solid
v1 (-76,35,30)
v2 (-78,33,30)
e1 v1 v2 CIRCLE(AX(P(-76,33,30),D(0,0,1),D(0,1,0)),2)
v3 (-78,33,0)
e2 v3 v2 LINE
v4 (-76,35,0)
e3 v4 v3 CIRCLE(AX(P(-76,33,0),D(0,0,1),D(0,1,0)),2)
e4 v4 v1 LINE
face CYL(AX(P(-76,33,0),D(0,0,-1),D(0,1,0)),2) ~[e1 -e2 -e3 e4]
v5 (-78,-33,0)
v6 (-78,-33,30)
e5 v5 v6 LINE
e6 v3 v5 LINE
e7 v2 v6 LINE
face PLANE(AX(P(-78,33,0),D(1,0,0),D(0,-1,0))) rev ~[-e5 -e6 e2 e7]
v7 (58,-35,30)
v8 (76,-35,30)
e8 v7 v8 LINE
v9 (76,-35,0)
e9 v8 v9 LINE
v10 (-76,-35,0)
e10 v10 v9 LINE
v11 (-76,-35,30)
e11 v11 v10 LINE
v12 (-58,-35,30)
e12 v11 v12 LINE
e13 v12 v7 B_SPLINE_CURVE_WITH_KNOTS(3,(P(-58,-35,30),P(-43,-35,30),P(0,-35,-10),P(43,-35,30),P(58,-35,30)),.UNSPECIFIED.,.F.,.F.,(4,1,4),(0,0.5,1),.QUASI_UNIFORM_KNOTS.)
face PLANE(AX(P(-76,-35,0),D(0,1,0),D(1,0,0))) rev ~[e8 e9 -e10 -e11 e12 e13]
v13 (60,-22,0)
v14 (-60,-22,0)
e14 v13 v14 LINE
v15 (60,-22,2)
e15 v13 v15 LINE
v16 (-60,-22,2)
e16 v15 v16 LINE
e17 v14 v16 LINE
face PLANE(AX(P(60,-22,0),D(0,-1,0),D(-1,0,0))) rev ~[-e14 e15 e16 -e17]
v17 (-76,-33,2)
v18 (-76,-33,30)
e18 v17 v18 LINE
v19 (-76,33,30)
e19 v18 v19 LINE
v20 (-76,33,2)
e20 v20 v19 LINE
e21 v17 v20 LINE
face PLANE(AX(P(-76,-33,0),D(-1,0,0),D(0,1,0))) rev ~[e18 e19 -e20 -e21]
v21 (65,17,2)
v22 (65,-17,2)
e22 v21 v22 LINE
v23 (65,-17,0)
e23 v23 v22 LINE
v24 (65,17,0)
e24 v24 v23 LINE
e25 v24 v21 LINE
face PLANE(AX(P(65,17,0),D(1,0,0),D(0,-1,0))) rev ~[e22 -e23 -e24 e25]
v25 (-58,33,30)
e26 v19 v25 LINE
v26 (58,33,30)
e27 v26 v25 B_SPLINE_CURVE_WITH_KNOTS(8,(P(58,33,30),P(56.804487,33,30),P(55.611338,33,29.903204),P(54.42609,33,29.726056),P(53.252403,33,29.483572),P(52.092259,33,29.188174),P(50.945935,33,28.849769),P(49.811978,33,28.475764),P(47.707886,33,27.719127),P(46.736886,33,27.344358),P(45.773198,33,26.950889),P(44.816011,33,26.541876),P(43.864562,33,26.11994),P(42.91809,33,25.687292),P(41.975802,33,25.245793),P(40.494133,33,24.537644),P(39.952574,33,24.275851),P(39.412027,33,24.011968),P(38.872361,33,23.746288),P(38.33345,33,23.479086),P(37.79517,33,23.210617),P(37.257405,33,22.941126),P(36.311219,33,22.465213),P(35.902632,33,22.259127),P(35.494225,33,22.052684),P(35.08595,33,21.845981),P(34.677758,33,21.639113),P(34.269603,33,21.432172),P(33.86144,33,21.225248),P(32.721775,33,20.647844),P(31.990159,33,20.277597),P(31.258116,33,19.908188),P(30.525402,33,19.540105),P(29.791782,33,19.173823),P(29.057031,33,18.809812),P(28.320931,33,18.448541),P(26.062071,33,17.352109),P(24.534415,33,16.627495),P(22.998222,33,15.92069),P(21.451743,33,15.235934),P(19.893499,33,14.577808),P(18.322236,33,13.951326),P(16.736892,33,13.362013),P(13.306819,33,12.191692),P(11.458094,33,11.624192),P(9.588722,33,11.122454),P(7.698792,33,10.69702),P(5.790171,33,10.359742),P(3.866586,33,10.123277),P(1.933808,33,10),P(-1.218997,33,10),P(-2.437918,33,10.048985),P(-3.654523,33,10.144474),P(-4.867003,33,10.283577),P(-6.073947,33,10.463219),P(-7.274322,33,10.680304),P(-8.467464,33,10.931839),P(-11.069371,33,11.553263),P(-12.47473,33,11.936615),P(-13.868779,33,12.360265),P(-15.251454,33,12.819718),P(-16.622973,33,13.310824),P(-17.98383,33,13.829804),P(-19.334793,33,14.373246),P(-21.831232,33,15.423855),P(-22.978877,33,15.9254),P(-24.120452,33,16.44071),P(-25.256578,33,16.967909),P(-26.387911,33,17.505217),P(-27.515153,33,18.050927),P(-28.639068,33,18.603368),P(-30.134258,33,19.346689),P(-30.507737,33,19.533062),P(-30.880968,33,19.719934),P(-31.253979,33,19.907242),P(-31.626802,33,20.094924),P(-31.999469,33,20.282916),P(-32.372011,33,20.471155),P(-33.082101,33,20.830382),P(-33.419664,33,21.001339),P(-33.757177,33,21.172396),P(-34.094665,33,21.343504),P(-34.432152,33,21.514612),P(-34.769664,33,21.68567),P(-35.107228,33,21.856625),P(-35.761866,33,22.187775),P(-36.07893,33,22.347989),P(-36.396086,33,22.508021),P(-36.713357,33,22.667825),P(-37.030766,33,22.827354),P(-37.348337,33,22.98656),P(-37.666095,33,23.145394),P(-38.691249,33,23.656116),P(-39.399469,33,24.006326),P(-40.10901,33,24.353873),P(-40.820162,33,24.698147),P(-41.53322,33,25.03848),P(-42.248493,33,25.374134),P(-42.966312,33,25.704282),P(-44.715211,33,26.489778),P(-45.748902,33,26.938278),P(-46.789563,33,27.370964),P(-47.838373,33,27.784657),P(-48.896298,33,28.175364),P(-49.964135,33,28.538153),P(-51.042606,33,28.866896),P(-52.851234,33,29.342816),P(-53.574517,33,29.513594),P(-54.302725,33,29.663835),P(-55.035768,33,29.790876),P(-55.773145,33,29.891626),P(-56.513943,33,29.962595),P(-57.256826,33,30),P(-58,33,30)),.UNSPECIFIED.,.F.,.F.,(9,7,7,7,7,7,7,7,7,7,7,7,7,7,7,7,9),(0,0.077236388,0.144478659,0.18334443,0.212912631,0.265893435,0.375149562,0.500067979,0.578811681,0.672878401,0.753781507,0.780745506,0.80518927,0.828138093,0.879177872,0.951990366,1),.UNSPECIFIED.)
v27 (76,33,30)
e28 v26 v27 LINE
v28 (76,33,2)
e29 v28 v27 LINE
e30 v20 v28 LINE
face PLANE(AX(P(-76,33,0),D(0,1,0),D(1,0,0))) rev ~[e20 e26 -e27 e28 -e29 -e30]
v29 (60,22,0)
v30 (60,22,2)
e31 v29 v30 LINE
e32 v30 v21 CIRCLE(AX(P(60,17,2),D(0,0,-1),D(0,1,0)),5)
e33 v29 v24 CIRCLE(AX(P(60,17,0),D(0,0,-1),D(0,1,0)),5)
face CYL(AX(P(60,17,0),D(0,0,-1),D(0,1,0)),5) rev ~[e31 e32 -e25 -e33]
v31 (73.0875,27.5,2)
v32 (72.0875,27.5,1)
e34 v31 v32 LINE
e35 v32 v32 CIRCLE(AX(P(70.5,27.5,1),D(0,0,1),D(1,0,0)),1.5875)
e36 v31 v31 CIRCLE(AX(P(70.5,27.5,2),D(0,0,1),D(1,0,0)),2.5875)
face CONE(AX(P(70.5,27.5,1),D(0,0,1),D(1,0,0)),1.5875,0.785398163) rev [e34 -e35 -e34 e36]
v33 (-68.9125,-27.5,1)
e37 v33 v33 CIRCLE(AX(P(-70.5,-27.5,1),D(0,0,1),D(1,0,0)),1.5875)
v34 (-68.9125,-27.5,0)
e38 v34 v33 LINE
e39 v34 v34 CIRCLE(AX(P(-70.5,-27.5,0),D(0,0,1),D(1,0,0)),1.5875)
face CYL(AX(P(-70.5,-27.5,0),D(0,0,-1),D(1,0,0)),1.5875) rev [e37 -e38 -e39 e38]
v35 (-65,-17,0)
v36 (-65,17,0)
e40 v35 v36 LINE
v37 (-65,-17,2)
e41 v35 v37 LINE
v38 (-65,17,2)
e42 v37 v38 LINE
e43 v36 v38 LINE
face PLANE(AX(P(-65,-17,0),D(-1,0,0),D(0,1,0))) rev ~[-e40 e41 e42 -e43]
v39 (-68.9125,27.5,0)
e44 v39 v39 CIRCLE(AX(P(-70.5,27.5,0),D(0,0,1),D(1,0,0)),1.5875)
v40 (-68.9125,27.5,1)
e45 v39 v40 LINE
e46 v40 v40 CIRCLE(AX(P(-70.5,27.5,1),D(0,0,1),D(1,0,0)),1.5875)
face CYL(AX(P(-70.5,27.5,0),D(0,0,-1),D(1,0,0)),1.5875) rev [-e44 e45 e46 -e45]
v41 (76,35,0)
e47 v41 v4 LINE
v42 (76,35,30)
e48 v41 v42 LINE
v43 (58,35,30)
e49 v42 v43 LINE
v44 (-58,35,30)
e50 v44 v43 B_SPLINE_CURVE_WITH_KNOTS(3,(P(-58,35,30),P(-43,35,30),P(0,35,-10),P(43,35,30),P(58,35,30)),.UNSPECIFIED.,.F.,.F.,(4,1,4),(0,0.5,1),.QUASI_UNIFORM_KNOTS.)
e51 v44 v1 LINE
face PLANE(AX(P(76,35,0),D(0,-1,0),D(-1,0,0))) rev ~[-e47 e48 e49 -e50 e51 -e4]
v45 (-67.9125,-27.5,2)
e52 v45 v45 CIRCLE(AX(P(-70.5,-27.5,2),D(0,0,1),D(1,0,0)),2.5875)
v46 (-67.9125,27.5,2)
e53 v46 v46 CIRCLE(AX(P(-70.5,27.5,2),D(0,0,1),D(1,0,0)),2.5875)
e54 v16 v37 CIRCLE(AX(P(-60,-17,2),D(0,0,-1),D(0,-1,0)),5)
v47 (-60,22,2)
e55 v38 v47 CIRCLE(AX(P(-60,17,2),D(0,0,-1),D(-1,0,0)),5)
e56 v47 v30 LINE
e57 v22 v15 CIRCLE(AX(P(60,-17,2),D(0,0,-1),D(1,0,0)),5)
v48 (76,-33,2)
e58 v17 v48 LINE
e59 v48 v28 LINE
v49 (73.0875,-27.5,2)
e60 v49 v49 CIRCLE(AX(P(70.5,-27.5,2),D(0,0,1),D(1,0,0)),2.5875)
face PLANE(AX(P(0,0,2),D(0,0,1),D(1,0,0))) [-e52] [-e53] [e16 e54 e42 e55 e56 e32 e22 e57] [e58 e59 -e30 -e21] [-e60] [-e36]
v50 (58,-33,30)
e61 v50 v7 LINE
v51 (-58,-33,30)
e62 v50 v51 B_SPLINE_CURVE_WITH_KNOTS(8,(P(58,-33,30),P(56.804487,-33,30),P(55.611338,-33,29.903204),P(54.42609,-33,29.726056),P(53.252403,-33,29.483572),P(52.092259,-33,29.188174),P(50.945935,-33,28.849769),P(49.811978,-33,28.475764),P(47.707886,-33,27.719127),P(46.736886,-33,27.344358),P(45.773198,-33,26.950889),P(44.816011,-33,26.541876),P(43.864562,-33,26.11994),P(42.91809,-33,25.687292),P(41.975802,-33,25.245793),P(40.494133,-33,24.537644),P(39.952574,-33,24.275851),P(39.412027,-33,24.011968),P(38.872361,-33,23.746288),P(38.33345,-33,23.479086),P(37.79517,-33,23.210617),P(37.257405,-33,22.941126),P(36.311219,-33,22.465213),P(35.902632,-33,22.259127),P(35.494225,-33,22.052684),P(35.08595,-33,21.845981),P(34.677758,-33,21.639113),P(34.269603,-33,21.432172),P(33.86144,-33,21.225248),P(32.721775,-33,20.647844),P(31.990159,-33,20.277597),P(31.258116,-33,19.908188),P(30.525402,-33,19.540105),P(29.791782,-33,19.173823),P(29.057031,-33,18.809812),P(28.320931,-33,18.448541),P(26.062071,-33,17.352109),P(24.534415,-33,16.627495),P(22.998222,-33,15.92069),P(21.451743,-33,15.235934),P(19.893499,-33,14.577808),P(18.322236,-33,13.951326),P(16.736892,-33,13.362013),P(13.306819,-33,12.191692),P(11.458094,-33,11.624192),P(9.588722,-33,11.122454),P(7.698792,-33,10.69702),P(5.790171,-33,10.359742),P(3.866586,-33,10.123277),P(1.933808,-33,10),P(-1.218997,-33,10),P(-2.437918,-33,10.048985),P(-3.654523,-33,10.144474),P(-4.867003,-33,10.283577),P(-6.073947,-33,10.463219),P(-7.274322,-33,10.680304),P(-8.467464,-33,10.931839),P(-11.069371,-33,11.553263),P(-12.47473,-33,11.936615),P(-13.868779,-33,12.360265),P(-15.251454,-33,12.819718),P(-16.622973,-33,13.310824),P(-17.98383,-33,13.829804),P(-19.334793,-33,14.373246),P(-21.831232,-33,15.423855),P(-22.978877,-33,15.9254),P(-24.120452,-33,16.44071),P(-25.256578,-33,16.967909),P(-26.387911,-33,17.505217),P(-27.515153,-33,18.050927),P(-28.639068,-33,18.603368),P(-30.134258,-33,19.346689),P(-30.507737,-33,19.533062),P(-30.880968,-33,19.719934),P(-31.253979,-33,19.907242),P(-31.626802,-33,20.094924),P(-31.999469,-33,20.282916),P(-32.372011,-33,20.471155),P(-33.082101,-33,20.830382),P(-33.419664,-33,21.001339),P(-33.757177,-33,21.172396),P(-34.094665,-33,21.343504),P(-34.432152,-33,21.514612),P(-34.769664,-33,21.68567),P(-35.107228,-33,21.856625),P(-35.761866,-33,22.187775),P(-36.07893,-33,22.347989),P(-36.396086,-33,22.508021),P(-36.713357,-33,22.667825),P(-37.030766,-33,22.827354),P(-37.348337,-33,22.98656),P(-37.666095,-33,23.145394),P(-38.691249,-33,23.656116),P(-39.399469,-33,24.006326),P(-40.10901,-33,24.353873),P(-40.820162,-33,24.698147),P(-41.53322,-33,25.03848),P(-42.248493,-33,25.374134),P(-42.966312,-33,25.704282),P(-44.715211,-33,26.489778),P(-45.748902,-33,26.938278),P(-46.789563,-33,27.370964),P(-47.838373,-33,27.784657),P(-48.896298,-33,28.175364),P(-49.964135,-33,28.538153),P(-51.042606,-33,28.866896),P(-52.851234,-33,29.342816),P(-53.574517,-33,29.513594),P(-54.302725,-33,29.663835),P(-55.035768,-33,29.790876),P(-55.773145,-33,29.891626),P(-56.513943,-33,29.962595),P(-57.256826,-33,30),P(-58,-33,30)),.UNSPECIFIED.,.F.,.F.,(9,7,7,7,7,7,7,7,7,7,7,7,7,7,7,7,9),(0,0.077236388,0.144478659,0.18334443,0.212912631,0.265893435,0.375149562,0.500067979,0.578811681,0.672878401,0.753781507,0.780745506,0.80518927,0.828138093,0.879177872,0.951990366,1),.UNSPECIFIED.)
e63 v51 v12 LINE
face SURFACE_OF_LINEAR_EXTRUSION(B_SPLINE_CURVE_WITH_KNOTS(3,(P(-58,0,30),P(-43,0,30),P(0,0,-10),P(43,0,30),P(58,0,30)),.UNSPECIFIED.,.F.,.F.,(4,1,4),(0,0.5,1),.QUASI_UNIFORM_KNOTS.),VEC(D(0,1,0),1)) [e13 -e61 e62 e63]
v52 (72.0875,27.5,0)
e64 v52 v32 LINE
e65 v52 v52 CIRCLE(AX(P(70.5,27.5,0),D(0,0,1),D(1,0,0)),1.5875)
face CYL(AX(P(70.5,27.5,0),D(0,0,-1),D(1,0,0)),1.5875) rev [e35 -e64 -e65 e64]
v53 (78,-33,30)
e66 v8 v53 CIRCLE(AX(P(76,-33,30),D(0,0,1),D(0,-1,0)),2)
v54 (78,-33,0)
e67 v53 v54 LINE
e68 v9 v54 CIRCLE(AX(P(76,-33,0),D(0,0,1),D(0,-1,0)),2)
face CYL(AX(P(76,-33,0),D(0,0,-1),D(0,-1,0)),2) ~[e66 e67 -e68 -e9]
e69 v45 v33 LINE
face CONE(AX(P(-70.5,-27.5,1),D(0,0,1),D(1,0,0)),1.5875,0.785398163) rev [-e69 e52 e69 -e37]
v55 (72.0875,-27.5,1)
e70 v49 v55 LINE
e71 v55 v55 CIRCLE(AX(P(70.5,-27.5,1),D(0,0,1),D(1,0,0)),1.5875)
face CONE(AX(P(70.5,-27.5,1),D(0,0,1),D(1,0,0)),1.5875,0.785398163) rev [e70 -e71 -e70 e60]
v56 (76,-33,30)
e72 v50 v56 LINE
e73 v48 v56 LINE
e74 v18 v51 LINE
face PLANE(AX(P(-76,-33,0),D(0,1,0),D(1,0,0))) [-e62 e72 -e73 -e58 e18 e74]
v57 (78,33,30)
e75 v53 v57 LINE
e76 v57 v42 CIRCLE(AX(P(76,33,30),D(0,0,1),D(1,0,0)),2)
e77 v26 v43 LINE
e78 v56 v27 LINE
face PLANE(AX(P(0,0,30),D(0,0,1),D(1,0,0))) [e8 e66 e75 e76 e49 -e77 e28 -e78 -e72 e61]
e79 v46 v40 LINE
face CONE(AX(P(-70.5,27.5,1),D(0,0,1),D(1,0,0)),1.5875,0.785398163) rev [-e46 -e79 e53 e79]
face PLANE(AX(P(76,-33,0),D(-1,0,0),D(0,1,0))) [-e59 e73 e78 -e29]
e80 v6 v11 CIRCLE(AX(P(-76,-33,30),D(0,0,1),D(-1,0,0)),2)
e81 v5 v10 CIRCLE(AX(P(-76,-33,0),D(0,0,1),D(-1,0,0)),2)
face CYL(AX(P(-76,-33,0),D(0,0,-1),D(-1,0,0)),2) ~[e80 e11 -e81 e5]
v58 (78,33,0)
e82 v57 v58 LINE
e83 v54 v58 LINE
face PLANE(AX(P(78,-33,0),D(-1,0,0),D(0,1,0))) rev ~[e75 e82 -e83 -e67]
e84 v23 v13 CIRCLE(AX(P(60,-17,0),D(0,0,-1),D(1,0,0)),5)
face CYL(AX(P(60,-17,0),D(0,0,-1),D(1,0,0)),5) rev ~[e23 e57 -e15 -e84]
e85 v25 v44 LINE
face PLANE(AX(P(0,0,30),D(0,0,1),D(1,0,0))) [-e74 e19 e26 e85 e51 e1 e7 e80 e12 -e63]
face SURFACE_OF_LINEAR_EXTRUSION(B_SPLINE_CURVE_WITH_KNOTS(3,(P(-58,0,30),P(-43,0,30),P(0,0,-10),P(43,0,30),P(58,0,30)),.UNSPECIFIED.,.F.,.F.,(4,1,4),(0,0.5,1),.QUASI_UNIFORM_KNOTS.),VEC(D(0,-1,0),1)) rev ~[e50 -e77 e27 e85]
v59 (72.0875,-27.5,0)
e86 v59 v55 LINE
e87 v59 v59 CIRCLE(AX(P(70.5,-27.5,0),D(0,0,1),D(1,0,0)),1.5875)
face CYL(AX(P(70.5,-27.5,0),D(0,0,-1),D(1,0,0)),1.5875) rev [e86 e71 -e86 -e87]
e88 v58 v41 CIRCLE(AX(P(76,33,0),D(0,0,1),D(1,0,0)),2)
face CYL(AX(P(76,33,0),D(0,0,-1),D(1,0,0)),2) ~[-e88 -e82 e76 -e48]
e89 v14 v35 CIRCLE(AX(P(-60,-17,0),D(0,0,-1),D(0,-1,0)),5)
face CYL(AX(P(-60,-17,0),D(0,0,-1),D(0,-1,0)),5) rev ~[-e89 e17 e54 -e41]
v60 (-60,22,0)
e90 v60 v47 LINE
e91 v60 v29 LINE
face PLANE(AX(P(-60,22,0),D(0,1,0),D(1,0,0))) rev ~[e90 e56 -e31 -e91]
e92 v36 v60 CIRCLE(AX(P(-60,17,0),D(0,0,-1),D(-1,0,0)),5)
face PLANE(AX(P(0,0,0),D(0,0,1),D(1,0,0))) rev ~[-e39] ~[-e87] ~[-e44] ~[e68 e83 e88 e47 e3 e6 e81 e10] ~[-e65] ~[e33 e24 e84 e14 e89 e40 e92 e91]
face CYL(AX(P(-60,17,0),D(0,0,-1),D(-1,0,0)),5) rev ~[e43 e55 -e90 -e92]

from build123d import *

# Parameters (mm, degrees)
F1_W          = 152
F1_H          = 66
F2_DEPTH      = 30
F1_R          = 1.5875
F3_DEPTH      = 2
F4_SIZE       = 1
F6_DEPTH      = 35
F6_DEPTH_BACK = 35


with BuildPart() as f2:
    # F1 (on Top) → F2 (new body)
    with BuildSketch(Plane.XY):
        with BuildLine():
            ThreePointArc((78, 33), (77.4142135624, 34.4142135624), (76, 35))
            Line((76, 35), (-76, 35))
            ThreePointArc((-76, 35), (-77.4142135624, 34.4142135624), (-78, 33))
            Line((-78, 33), (-78, -33))
            ThreePointArc((-78, -33), (-77.4142135624, -34.4142135624), (-76, -35))
            Line((-76, -35), (76, -35))
            ThreePointArc((76, -35), (77.4142135624, -34.4142135624), (78, -33))
            Line((78, -33), (78, 33))
        make_face()
        Rectangle(F1_W, F1_H, mode=Mode.SUBTRACT)
    extrude(amount=F2_DEPTH)

    # F1 (on Top) → F3 (join)
    with BuildSketch(Plane.XY):
        with BuildLine():
            ThreePointArc((78, 33), (77.4142135624, 34.4142135624), (76, 35))
            Line((76, 35), (-76, 35))
            ThreePointArc((-76, 35), (-77.4142135624, 34.4142135624), (-78, 33))
            Line((-78, 33), (-78, -33))
            ThreePointArc((-78, -33), (-77.4142135624, -34.4142135624), (-76, -35))
            Line((-76, -35), (76, -35))
            ThreePointArc((76, -35), (77.4142135624, -34.4142135624), (78, -33))
            Line((78, -33), (78, 33))
        make_face()
        Rectangle(F1_W, F1_H, mode=Mode.SUBTRACT)
        Rectangle(F1_W, F1_H)
        with Locations((-70.5, -27.5)):
            Circle(F1_R, mode=Mode.SUBTRACT)
        with Locations((70.5, -27.5)):
            Circle(F1_R, mode=Mode.SUBTRACT)
        with Locations((-70.5, 27.5)):
            Circle(F1_R, mode=Mode.SUBTRACT)
        with BuildLine():
            Line((-60, 22), (60, 22))
            ThreePointArc((60, 22), (63.5355339059, 20.5355339059), (65, 17))
            Line((65, 17), (65, -17))
            ThreePointArc((65, -17), (63.5355339059, -20.5355339059), (60, -22))
            Line((60, -22), (-60, -22))
            ThreePointArc((-60, -22), (-63.5355339059, -20.5355339059), (-65, -17))
            Line((-65, -17), (-65, 17))
            ThreePointArc((-65, 17), (-63.5355339059, 20.5355339059), (-60, 22))
        make_face(mode=Mode.SUBTRACT)
        with Locations((70.5, 27.5)):
            Circle(F1_R, mode=Mode.SUBTRACT)
    extrude(amount=F3_DEPTH)

    # F4
    f4_edges = [f2.edges().sort_by_distance(p)[0] for p in [
        (-72.0875, 27.5, 2),
        (68.9125, 27.5, 2),
        (68.9125, -27.5, 2),
        (-72.0875, -27.5, 2),
    ]]
    chamfer(f4_edges, length=F4_SIZE)

    # F5 (on Front) → F6 (cut, two sides)
    with BuildSketch(Plane.XZ) as f6_sk:
        with BuildLine():
            add(Edge.make_bspline(
                [(-58, 30), (-43, 30), (0, -10), (43, 30), (58, 30)],
                knots=[0, 0, 0, 0, 0.5, 1, 1, 1, 1], degree=3))
            Line((58, 30), (-58, 30))
        make_face()
    extrude(amount=-F6_DEPTH, mode=Mode.SUBTRACT)
    extrude(f6_sk.sketch, amount=F6_DEPTH_BACK, mode=Mode.SUBTRACT)


solid = f2.part
